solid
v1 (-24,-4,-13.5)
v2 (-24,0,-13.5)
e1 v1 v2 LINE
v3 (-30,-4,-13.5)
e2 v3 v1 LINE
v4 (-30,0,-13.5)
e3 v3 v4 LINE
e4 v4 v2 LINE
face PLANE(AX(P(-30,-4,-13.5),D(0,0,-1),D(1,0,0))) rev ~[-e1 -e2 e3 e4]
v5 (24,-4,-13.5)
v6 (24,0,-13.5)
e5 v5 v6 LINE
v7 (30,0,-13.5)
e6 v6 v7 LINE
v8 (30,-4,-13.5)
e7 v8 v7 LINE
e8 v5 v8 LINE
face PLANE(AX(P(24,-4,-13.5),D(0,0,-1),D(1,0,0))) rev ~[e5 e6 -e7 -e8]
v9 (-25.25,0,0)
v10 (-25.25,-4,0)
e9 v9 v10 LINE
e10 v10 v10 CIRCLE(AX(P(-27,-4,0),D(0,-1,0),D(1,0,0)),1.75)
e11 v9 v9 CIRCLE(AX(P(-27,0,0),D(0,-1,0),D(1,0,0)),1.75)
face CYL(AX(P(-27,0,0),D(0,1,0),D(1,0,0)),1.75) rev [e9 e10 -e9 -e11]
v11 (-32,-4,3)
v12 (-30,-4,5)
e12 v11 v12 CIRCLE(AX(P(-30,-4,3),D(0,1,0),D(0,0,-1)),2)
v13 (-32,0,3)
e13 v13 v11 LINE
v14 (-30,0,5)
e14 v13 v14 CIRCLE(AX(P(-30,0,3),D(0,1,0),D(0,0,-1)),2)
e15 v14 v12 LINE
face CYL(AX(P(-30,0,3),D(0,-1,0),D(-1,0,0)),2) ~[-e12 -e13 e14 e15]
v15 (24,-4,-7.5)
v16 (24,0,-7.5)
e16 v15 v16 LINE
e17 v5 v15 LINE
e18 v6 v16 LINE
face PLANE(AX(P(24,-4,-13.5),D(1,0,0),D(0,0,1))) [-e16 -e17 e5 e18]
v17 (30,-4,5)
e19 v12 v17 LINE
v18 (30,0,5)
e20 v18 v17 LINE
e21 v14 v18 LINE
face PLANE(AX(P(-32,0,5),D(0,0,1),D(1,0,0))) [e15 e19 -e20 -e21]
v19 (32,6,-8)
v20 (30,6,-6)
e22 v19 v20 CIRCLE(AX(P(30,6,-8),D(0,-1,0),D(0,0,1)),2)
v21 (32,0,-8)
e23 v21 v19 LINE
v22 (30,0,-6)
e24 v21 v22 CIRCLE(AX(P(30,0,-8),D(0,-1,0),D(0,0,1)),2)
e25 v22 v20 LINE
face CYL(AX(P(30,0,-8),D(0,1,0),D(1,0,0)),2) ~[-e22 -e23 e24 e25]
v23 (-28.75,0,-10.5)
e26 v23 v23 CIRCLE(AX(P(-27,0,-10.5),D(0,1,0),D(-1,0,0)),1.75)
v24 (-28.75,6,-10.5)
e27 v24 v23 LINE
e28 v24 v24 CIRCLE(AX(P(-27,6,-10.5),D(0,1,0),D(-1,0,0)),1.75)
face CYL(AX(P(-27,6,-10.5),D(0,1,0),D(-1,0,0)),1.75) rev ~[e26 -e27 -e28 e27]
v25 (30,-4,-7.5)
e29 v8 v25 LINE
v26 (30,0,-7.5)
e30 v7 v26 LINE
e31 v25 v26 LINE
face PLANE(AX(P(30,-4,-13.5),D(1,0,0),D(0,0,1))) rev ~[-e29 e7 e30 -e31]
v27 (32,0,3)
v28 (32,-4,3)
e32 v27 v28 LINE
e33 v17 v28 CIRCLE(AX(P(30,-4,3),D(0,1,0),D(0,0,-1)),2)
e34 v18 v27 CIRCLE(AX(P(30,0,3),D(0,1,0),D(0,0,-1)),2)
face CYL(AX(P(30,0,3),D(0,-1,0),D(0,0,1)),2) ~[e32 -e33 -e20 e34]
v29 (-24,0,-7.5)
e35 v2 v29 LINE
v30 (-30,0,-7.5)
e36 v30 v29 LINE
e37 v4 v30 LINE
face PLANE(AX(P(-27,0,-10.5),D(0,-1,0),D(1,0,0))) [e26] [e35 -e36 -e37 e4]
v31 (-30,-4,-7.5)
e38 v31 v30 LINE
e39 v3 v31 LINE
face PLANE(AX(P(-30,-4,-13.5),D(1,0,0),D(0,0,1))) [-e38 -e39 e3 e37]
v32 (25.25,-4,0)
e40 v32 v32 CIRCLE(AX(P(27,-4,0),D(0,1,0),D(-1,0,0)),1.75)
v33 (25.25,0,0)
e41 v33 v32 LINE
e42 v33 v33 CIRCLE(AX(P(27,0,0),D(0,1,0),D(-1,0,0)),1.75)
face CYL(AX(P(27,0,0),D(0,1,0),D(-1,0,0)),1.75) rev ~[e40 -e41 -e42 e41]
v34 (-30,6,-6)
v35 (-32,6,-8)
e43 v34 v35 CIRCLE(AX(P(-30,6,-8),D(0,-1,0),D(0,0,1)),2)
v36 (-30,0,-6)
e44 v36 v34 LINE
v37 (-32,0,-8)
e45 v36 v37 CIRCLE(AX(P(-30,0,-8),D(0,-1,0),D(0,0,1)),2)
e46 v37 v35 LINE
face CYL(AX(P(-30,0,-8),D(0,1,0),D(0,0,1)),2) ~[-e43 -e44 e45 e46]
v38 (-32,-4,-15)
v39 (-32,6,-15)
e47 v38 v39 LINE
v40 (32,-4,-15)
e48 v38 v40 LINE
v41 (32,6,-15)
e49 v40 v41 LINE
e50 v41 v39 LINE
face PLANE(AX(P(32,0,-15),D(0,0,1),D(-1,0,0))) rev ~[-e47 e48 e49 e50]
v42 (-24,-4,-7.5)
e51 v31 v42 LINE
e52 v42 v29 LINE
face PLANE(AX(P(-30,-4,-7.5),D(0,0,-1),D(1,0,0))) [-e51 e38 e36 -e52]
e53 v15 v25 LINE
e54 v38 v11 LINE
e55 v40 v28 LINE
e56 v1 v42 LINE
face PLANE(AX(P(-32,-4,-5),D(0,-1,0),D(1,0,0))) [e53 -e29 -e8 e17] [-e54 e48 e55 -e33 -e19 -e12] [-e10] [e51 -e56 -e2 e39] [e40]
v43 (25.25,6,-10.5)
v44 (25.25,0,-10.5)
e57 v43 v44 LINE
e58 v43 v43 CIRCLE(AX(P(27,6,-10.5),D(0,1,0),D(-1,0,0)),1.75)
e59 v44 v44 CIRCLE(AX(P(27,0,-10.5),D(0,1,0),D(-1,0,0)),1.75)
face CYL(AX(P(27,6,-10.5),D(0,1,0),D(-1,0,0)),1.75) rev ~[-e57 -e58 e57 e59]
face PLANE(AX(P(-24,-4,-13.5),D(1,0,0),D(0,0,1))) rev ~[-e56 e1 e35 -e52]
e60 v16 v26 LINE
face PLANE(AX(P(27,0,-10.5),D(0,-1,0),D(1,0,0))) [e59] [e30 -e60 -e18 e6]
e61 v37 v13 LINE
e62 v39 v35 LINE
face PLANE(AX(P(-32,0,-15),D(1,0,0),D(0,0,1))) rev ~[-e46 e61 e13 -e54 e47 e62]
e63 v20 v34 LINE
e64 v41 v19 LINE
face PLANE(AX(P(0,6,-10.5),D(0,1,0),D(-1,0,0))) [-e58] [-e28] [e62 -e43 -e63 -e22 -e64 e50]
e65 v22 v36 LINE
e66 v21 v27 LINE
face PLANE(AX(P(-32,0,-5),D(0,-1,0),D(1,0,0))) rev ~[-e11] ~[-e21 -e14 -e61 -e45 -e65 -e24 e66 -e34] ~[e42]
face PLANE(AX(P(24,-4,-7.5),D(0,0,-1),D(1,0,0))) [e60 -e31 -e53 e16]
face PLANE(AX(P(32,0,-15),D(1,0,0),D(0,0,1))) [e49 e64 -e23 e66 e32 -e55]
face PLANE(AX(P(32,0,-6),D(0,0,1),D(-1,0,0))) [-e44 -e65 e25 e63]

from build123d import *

# Parameters (mm, degrees)
F0_W     = 64
F0_H     = 10
F0_R     = 1.75
F1_DEPTH = 4
F2_R     = 2
F3_DEPTH = 10
F4_W     = 64
F4_H     = 9
F5_DEPTH = 6
F6_R     = 1.75
F7_DEPTH = 25
F8_W     = 6
F8_H     = 6
F9_DEPTH = 4
F10_R    = 2


with BuildPart() as f1:
    # F0 (on Front) → F1 (new body)
    with BuildSketch(Plane.XZ):
        Rectangle(F0_W, F0_H)
        with Locations((-27, 0)):
            Circle(F0_R, mode=Mode.SUBTRACT)
        with BuildLine():
            ThreePointArc((28.75, 0), (27, -1.75), (25.25, 0))
            ThreePointArc((25.25, 0), (27, 1.75), (28.75, 0))
        make_face(mode=Mode.SUBTRACT)
    extrude(amount=F1_DEPTH)

    # F2
    f2_edges = [f1.edges().sort_by_distance(p)[0] for p in [
        (-32, -2, 5),
        (32, -2, 5),
    ]]
    fillet(f2_edges, radius=F2_R)

    # F3 (add): a face of the model
    f3_faces = [f1.faces().sort_by_distance(p)[0] for p in [
        (0, -2, -5),
    ]]
    extrude(f3_faces, amount=F3_DEPTH)

    # F4 (on face) → F5 (join)
    with BuildSketch(Plane(origin=(0, 0, 0), x_dir=(-1, 0, 0), z_dir=(0, 1, 0))):
        with Locations((0, -10.5)):
            Rectangle(F4_W, F4_H)
    extrude(amount=F5_DEPTH)

    # F6 (on face) → F7 (cut)
    with BuildSketch(Plane(origin=(0, 6, 0), x_dir=(-1, 0, 0), z_dir=(0, 1, 0))):
        with BuildLine():
            ThreePointArc((-28.75, -10.5), (-27, -12.25), (-25.25, -10.5))
            ThreePointArc((-25.25, -10.5), (-27, -8.75), (-28.75, -10.5))
        make_face()
        with Locations((27, -10.5)):
            Circle(F6_R)
    extrude(amount=-F7_DEPTH, mode=Mode.SUBTRACT)

    # F8 (on face) → F9 (cut)
    with BuildSketch(Plane.XZ.offset(4)):
        with Locations((-27, -10.5)):
            Rectangle(F8_W, F8_H)
        with Locations((27, -10.5)):
            Rectangle(F8_W, F8_H)
    extrude(amount=-F9_DEPTH, mode=Mode.SUBTRACT)

    # F10
    f10_edges = [f1.edges().sort_by_distance(p)[0] for p in [
        (32, 3, -6),
        (-32, 3, -6),
    ]]
    fillet(f10_edges, radius=F10_R)


solid = f1.part
